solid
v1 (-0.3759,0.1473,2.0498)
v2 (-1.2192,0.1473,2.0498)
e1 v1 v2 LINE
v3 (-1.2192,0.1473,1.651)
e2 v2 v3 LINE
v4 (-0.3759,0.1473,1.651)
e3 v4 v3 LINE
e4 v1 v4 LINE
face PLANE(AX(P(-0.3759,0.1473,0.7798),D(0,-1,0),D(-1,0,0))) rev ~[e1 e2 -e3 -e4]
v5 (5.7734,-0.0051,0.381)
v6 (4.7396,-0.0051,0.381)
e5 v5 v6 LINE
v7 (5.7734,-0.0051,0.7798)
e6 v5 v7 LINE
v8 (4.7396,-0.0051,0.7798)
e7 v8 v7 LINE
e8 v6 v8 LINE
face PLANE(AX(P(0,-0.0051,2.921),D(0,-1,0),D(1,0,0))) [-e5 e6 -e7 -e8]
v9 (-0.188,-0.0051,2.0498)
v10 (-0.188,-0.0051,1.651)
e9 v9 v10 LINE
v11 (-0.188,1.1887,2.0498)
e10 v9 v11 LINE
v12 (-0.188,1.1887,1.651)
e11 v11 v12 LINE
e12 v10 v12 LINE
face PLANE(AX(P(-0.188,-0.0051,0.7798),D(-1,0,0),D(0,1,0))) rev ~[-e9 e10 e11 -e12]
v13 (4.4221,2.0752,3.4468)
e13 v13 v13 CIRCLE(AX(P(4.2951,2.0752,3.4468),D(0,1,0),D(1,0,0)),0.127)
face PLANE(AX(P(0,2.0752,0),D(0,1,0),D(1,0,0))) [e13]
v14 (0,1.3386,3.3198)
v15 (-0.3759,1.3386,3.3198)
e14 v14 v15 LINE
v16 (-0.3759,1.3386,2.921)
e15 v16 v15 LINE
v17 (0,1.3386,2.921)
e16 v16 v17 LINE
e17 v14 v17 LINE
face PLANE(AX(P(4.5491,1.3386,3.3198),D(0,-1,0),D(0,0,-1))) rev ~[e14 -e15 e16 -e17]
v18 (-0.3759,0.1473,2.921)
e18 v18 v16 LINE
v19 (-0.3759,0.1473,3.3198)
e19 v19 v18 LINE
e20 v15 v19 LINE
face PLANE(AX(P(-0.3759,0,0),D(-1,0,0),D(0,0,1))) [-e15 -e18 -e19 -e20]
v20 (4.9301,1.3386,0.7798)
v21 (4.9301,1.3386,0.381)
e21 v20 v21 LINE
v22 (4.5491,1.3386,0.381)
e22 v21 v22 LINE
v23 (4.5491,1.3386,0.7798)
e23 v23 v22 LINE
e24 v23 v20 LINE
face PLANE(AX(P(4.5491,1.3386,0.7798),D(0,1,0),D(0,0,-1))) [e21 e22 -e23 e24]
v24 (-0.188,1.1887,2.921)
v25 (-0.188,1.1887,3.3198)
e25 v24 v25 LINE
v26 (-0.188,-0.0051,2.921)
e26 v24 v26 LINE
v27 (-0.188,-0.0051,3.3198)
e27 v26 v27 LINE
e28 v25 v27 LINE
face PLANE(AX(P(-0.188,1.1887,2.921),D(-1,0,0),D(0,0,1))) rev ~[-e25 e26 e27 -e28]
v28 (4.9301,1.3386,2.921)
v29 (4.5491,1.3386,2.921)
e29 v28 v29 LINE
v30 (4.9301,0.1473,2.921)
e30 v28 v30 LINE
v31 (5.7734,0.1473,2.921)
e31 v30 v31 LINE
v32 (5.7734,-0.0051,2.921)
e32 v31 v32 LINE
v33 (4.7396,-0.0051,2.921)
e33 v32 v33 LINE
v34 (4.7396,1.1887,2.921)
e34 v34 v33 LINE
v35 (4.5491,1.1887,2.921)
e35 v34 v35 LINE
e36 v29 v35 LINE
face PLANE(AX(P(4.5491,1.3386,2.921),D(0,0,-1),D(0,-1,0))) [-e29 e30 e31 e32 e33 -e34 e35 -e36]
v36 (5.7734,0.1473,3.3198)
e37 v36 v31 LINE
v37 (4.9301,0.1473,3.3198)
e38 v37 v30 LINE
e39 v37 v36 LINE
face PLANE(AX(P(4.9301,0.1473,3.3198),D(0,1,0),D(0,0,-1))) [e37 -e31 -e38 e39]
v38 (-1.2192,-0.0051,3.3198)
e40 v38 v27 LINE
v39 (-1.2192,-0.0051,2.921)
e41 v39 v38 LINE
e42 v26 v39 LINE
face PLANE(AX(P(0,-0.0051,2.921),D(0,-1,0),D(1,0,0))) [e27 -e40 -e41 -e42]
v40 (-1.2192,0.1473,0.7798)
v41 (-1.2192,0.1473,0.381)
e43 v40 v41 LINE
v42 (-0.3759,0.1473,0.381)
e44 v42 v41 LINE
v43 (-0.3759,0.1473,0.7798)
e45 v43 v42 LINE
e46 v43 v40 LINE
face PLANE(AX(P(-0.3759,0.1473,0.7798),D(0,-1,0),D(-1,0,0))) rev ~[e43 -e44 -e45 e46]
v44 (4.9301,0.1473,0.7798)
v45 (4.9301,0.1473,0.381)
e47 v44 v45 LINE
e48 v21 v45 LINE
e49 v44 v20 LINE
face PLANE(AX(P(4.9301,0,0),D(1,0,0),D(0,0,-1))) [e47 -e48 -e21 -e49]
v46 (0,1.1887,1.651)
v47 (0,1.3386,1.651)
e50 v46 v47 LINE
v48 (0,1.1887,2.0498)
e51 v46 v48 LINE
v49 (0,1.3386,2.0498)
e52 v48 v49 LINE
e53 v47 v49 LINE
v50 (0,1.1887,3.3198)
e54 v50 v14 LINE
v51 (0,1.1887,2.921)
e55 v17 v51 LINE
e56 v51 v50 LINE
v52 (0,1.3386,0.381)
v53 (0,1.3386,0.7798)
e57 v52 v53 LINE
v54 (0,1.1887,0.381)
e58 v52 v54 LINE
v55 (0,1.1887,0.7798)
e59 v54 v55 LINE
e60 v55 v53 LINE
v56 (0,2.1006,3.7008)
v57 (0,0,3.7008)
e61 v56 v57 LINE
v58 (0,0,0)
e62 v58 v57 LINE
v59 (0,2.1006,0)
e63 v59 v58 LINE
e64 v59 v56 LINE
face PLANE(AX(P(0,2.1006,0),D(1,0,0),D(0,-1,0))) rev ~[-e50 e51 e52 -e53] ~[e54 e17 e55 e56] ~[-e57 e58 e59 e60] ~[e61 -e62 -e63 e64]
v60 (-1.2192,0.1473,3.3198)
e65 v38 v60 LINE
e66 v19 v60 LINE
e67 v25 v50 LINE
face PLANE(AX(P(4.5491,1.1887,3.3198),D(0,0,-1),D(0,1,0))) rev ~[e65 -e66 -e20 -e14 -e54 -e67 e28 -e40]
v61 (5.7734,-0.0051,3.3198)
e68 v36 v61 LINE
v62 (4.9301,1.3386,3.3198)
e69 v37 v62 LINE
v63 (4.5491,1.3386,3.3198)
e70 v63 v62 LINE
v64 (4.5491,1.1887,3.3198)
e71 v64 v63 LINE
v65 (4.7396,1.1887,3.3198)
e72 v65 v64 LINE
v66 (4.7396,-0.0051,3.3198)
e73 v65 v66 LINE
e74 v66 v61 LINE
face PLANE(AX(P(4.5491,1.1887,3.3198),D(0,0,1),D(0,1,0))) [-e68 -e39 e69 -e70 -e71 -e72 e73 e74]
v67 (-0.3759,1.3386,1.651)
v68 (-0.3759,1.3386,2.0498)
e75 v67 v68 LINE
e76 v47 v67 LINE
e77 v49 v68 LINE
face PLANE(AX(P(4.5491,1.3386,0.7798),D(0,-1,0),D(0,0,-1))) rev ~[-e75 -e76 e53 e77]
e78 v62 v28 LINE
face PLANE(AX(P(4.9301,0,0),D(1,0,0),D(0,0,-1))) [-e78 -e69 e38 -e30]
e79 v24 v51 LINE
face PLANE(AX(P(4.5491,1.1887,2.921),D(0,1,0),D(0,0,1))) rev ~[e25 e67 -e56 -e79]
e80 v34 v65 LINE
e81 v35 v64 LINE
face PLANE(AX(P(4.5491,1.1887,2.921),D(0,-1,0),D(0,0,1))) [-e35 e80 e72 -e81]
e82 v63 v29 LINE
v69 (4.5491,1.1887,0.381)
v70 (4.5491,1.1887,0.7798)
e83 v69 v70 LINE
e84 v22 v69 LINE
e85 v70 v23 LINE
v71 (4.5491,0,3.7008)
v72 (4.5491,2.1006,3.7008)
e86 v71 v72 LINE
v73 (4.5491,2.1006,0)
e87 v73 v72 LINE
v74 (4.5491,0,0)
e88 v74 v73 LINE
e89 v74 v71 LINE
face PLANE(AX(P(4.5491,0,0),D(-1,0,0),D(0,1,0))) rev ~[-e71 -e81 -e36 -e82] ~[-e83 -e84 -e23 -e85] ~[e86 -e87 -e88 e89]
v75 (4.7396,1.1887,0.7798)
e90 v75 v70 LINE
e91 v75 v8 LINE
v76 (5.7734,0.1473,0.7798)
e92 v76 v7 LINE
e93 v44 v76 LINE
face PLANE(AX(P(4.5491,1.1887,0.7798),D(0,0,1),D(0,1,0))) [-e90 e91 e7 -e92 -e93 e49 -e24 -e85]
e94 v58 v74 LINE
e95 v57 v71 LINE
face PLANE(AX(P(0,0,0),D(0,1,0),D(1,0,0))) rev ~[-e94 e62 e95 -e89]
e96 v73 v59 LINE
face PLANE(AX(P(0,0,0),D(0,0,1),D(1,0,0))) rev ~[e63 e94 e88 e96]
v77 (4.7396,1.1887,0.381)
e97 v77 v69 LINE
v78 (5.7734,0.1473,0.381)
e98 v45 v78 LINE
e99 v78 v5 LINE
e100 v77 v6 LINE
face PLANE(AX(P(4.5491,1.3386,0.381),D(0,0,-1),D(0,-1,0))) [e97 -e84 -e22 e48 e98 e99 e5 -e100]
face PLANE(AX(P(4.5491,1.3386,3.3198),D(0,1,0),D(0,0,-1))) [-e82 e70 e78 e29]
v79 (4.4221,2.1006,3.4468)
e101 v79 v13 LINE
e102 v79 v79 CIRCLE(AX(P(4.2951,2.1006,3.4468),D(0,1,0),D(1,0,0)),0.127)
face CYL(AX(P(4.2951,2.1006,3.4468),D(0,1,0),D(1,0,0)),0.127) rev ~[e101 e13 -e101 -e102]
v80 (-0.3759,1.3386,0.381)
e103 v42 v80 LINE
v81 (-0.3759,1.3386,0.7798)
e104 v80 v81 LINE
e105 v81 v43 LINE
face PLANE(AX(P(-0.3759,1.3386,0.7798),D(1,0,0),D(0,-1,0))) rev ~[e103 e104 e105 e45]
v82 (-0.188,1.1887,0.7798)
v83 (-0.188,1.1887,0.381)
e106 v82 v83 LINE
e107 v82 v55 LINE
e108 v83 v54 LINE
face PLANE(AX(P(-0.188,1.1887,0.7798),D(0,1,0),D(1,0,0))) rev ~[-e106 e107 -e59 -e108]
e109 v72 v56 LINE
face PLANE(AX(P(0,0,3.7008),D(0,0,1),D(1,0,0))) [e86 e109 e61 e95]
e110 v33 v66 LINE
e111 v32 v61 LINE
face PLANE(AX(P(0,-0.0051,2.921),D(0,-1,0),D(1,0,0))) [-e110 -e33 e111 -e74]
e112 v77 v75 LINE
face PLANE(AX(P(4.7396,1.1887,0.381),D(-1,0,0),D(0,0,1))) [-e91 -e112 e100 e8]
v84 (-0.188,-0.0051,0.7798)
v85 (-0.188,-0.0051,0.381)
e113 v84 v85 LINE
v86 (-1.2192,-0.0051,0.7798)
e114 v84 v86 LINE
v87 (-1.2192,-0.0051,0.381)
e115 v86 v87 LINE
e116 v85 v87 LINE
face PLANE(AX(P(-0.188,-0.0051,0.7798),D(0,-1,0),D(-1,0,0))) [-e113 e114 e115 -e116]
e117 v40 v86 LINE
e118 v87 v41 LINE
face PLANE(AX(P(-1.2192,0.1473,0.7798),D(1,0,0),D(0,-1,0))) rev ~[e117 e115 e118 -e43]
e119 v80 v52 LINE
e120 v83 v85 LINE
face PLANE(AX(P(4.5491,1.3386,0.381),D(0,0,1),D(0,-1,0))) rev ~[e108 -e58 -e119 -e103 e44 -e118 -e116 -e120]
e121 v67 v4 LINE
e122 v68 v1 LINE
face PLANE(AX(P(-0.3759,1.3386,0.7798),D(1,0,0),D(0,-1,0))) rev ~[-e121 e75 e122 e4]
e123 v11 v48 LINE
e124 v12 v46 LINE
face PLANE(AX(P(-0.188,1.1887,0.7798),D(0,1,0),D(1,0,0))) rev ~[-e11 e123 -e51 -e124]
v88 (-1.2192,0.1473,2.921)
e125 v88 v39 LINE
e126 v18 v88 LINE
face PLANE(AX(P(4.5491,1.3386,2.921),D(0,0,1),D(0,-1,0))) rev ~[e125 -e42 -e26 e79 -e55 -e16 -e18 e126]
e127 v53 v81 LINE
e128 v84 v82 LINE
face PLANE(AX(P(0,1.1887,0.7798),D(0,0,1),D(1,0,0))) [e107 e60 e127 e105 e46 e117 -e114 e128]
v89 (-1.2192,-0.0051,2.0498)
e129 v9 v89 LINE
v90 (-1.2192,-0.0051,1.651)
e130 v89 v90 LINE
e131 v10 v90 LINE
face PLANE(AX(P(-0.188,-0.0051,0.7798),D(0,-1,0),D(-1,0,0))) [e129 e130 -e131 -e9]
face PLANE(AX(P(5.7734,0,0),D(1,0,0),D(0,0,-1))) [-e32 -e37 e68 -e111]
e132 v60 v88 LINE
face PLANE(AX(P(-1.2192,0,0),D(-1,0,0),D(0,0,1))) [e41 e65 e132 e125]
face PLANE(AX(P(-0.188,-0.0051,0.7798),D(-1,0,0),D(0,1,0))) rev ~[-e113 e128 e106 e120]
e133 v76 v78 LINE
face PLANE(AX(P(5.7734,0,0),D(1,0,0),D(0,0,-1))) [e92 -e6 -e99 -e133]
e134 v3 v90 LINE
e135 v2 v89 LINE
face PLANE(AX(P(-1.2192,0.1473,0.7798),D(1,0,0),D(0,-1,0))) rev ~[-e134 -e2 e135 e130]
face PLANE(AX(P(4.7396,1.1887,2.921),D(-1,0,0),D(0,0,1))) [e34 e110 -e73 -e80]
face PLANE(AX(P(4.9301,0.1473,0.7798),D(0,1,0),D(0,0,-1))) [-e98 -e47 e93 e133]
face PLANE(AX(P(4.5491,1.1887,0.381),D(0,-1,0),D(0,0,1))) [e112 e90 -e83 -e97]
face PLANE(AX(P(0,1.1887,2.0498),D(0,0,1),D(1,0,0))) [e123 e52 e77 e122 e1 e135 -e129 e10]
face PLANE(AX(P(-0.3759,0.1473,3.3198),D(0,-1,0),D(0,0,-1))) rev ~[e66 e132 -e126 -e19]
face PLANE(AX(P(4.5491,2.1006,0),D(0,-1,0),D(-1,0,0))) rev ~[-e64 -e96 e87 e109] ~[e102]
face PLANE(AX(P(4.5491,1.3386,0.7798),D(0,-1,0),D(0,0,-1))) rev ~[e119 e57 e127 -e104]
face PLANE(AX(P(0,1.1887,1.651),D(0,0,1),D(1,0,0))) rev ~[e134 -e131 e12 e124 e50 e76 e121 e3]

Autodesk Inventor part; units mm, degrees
ref_plane "YZ Plane" through (0, 0, 0) normal (1, 0, 0) x (0, 1, 0)
ref_plane "XZ Plane" through (0, 0, 0) normal (0, 1, 0) x (-1, 0, 0)
ref_plane "XY Plane" through (0, 0, 0) normal (0, 0, 1) x (1, 0, 0)
sketch "Sketch1" plane through (0, 0, 0) normal (0, 0, 1) x (1, 0, 0)
  line L0 (0, 0) -> (4.5491, 0)
  line L1 (4.5491, 0) -> (4.5491, 2.1006)
  line L2 (4.5491, 2.1006) -> (0, 2.1006)
  line L3 (0, 2.1006) -> (0, 0)
  dimension "d0" = 2.1006
  dimension "d1" = 4.5491
extrude "Extrusion1" add sketch "Sketch1" along normal blind 3.7008
sketch "Sketch2" plane through (4.5491, 0, 0) normal (1, 0, 0) x (0, 0, -1)
  line L0 (-3.3198, 1.3386) -> (-2.921, 1.3386)
  line L1 (-2.921, 1.3386) -> (-2.921, 1.1887)
  line L2 (-2.921, 1.1887) -> (-3.3198, 1.1887)
  line L3 (-3.3198, 1.1887) -> (-3.3198, 1.3386)
  line L4 (-0.7798, 1.3386) -> (-0.381, 1.3386)
  line L5 (-0.381, 1.3386) -> (-0.381, 1.1887)
  line L6 (-0.381, 1.1887) -> (-0.7798, 1.1887)
  line L7 (-0.7798, 1.1887) -> (-0.7798, 1.3386)
  line L8 (0, 0) -> (0, 2.1006) projected
  line L9 (0, 2.1006) -> (-3.7008, 2.1006) projected
  dimension "d4" = 0.3988
  dimension "d5" = 0.3988
  dimension "d6" = 0.1499
  dimension "d7" = 0.1499
  dimension "d8" = 2.1412
  dimension "d9" = 0
  dimension "d10" = 0.381
  dimension "d11" = 0.762
extrude "Extrusion2" add sketch "Sketch2" against normal blind 4.7727
extrude "Extrusion3" add sketch "Sketch2" along normal blind 0.2286
sketch "Sketch3" plane through (4.7777, 0, 0) normal (1, 0, 0) x (0, 0, -1)
  line L0 (-3.3198, 1.3386) -> (-2.921, 1.3386)
  line L1 (-2.921, 1.3386) -> (-2.921, 1.1887)
  line L2 (-2.921, 1.1887) -> (-3.3198, 1.1887)
  line L3 (-3.3198, 1.1887) -> (-3.3198, 1.3386)
  line L4 (-0.7798, 1.3386) -> (-0.381, 1.3386)
  line L5 (-0.381, 1.3386) -> (-0.381, 1.1887)
  line L6 (-0.381, 1.1887) -> (-0.7798, 1.1887)
  line L7 (-0.7798, 1.1887) -> (-0.7798, 1.3386)
  point P0 (0, 0)
extrude "Extrusion4" add sketch "Sketch3" along normal blind 0.1524
sketch "Sketch4" plane through (-0.2235, 0, 0) normal (-1, 0, 0) x (0, 0, 1)
  line L0 (2.921, 1.3386) -> (3.3198, 1.3386)
  line L1 (3.3198, 1.3386) -> (3.3198, 1.1887)
  line L2 (3.3198, 1.1887) -> (2.921, 1.1887)
  line L3 (2.921, 1.1887) -> (2.921, 1.3386)
  line L4 (0.381, 1.3386) -> (0.7798, 1.3386)
  line L5 (0.7798, 1.3386) -> (0.7798, 1.1887)
  line L6 (0.7798, 1.1887) -> (0.381, 1.1887)
  line L7 (0.381, 1.1887) -> (0.381, 1.3386)
  point P0 (0, 0)
extrude "Extrusion5" add sketch "Sketch4" along normal blind 0.1524
sketch "Sketch5" plane through (0, 1.1887, 2.921) normal (0, -1, 0) x (1, 0, 0)
  line L0 (0, -2.1412) -> (-0.3759, -2.1412) projected
  line L1 (-0.3759, -2.54) -> (-0.188, -2.54)
  line L2 (-0.188, -2.54) -> (-0.188, -2.1412)
  line L3 (-0.188, -2.1412) -> (-0.3759, -2.1412)
  line L4 (-0.3759, -2.1412) -> (-0.3759, -2.54)
  line L5 (0, 0.3988) -> (-0.3759, 0.3988) projected
  line L6 (-0.3759, 0) -> (-0.188, 0)
  line L7 (-0.188, 0) -> (-0.188, 0.3988)
  line L8 (-0.188, 0.3988) -> (-0.3759, 0.3988)
  line L9 (-0.3759, 0.3988) -> (-0.3759, 0)
  line L10 (4.5491, -2.1412) -> (4.9301, -2.1412) projected
  line L11 (4.9301, -2.54) -> (4.7396, -2.54)
  line L12 (4.7396, -2.54) -> (4.7396, -2.1412)
  line L13 (4.7396, -2.1412) -> (4.9301, -2.1412)
  line L14 (4.9301, -2.1412) -> (4.9301, -2.54)
  line L15 (4.5491, 0.3988) -> (4.9301, 0.3988) projected
  line L16 (4.9301, 0) -> (4.7396, 0)
  line L17 (4.7396, 0) -> (4.7396, 0.3988)
  line L18 (4.7396, 0.3988) -> (4.9301, 0.3988)
  line L19 (4.9301, 0.3988) -> (4.9301, 0)
  point P0 (0, -2.921)
extrude "Extrusion6" add sketch "Sketch5" along normal blind 1.1938
sketch "Sketch6" plane through (4.9301, 0, 0) normal (1, 0, 0) x (0, 0, -1)
  line L0 (-0.7798, 1.3386) -> (-0.7798, -0.0051) projected
  line L1 (-0.381, -0.0051) -> (-0.7798, -0.0051)
  line L2 (-0.7798, -0.0051) -> (-0.7798, 0.1473)
  line L3 (-0.7798, 0.1473) -> (-0.381, 0.1473)
  line L4 (-0.381, 0.1473) -> (-0.381, -0.0051)
  line L5 (-3.3198, 1.3386) -> (-3.3198, -0.0051) projected
  line L6 (-2.921, -0.0051) -> (-3.3198, -0.0051)
  line L7 (-3.3198, -0.0051) -> (-3.3198, 0.1473)
  line L8 (-3.3198, 0.1473) -> (-2.921, 0.1473)
  line L9 (-2.921, 0.1473) -> (-2.921, -0.0051)
  point P0 (0, 0)
  dimension "d22" = 0.1524
extrude "Extrusion7" add sketch "Sketch6" along normal blind 0.8433
sketch "Sketch7" plane through (-0.3759, 0, 0) normal (-1, 0, 0) x (0, 0, 1)
  line L0 (0.7798, -0.0051) -> (0.381, -0.0051)
  line L1 (0.381, -0.0051) -> (0.381, 0.1473)
  line L2 (0.381, 0.1473) -> (0.7798, 0.1473)
  line L3 (0.7798, 0.1473) -> (0.7798, -0.0051)
  line L4 (2.921, -0.0051) -> (3.3198, -0.0051)
  line L5 (3.3198, -0.0051) -> (3.3198, 0.1473)
  line L6 (3.3198, 0.1473) -> (2.921, 0.1473)
  line L7 (2.921, 0.1473) -> (2.921, -0.0051)
  point P0 (0, 0)
extrude "Extrusion8" add sketch "Sketch7" along normal blind 0.8433
sketch "Sketch8" plane through (0, 1.1887, 0.7798) normal (0, 0, 1) x (1, 0, 0)
  line L0 (0, 0) -> (0, 0.1499)
  line L1 (0, 0.1499) -> (-0.3759, 0.1499)
  line L2 (0, 0.1499) -> (-0.3759, 0.1499) projected
  line L3 (-0.3759, 0.1499) -> (-0.3759, -1.0414)
  line L4 (-0.3759, -1.0414) -> (-1.2192, -1.0414)
  line L5 (-1.2192, -1.0414) -> (-1.2192, -1.1938)
  line L6 (-0.188, -1.1938) -> (-1.2192, -1.1938) projected
  line L7 (-1.2192, -1.1938) -> (-0.188, -1.1938)
  line L8 (-0.188, -1.1938) -> (-0.188, 0)
  line L9 (-0.188, 0) -> (0, 0)
  line L10 (0, 0) -> (-0.188, 0) projected
  point P0 (0, -1.1887)
extrude "Extrusion9" add sketch "Sketch8" along normal blind 1.27
extrude "Extrusion10" cut sketch "Sketch8" along normal blind 0.8712
sketch "Sketch9" plane through (0, 2.1006, 0) normal (0, 1, 0) x (1, 0, 0)
  circle A0 centre (4.2951, -3.4468) radius 0.127
  line L0 (4.5491, 0) -> (4.5491, -3.7008) projected
  line L1 (4.5491, -3.7008) -> (0, -3.7008) projected
  point P0 (0, 0)
  dimension "d31" = 0.254
  dimension "d32" = 0.254
  dimension "d33" = 0.254
extrude "Extrusion11" cut sketch "Sketch9" against normal blind 0.0254
properties part number "sTLP152 Optocoupler"
